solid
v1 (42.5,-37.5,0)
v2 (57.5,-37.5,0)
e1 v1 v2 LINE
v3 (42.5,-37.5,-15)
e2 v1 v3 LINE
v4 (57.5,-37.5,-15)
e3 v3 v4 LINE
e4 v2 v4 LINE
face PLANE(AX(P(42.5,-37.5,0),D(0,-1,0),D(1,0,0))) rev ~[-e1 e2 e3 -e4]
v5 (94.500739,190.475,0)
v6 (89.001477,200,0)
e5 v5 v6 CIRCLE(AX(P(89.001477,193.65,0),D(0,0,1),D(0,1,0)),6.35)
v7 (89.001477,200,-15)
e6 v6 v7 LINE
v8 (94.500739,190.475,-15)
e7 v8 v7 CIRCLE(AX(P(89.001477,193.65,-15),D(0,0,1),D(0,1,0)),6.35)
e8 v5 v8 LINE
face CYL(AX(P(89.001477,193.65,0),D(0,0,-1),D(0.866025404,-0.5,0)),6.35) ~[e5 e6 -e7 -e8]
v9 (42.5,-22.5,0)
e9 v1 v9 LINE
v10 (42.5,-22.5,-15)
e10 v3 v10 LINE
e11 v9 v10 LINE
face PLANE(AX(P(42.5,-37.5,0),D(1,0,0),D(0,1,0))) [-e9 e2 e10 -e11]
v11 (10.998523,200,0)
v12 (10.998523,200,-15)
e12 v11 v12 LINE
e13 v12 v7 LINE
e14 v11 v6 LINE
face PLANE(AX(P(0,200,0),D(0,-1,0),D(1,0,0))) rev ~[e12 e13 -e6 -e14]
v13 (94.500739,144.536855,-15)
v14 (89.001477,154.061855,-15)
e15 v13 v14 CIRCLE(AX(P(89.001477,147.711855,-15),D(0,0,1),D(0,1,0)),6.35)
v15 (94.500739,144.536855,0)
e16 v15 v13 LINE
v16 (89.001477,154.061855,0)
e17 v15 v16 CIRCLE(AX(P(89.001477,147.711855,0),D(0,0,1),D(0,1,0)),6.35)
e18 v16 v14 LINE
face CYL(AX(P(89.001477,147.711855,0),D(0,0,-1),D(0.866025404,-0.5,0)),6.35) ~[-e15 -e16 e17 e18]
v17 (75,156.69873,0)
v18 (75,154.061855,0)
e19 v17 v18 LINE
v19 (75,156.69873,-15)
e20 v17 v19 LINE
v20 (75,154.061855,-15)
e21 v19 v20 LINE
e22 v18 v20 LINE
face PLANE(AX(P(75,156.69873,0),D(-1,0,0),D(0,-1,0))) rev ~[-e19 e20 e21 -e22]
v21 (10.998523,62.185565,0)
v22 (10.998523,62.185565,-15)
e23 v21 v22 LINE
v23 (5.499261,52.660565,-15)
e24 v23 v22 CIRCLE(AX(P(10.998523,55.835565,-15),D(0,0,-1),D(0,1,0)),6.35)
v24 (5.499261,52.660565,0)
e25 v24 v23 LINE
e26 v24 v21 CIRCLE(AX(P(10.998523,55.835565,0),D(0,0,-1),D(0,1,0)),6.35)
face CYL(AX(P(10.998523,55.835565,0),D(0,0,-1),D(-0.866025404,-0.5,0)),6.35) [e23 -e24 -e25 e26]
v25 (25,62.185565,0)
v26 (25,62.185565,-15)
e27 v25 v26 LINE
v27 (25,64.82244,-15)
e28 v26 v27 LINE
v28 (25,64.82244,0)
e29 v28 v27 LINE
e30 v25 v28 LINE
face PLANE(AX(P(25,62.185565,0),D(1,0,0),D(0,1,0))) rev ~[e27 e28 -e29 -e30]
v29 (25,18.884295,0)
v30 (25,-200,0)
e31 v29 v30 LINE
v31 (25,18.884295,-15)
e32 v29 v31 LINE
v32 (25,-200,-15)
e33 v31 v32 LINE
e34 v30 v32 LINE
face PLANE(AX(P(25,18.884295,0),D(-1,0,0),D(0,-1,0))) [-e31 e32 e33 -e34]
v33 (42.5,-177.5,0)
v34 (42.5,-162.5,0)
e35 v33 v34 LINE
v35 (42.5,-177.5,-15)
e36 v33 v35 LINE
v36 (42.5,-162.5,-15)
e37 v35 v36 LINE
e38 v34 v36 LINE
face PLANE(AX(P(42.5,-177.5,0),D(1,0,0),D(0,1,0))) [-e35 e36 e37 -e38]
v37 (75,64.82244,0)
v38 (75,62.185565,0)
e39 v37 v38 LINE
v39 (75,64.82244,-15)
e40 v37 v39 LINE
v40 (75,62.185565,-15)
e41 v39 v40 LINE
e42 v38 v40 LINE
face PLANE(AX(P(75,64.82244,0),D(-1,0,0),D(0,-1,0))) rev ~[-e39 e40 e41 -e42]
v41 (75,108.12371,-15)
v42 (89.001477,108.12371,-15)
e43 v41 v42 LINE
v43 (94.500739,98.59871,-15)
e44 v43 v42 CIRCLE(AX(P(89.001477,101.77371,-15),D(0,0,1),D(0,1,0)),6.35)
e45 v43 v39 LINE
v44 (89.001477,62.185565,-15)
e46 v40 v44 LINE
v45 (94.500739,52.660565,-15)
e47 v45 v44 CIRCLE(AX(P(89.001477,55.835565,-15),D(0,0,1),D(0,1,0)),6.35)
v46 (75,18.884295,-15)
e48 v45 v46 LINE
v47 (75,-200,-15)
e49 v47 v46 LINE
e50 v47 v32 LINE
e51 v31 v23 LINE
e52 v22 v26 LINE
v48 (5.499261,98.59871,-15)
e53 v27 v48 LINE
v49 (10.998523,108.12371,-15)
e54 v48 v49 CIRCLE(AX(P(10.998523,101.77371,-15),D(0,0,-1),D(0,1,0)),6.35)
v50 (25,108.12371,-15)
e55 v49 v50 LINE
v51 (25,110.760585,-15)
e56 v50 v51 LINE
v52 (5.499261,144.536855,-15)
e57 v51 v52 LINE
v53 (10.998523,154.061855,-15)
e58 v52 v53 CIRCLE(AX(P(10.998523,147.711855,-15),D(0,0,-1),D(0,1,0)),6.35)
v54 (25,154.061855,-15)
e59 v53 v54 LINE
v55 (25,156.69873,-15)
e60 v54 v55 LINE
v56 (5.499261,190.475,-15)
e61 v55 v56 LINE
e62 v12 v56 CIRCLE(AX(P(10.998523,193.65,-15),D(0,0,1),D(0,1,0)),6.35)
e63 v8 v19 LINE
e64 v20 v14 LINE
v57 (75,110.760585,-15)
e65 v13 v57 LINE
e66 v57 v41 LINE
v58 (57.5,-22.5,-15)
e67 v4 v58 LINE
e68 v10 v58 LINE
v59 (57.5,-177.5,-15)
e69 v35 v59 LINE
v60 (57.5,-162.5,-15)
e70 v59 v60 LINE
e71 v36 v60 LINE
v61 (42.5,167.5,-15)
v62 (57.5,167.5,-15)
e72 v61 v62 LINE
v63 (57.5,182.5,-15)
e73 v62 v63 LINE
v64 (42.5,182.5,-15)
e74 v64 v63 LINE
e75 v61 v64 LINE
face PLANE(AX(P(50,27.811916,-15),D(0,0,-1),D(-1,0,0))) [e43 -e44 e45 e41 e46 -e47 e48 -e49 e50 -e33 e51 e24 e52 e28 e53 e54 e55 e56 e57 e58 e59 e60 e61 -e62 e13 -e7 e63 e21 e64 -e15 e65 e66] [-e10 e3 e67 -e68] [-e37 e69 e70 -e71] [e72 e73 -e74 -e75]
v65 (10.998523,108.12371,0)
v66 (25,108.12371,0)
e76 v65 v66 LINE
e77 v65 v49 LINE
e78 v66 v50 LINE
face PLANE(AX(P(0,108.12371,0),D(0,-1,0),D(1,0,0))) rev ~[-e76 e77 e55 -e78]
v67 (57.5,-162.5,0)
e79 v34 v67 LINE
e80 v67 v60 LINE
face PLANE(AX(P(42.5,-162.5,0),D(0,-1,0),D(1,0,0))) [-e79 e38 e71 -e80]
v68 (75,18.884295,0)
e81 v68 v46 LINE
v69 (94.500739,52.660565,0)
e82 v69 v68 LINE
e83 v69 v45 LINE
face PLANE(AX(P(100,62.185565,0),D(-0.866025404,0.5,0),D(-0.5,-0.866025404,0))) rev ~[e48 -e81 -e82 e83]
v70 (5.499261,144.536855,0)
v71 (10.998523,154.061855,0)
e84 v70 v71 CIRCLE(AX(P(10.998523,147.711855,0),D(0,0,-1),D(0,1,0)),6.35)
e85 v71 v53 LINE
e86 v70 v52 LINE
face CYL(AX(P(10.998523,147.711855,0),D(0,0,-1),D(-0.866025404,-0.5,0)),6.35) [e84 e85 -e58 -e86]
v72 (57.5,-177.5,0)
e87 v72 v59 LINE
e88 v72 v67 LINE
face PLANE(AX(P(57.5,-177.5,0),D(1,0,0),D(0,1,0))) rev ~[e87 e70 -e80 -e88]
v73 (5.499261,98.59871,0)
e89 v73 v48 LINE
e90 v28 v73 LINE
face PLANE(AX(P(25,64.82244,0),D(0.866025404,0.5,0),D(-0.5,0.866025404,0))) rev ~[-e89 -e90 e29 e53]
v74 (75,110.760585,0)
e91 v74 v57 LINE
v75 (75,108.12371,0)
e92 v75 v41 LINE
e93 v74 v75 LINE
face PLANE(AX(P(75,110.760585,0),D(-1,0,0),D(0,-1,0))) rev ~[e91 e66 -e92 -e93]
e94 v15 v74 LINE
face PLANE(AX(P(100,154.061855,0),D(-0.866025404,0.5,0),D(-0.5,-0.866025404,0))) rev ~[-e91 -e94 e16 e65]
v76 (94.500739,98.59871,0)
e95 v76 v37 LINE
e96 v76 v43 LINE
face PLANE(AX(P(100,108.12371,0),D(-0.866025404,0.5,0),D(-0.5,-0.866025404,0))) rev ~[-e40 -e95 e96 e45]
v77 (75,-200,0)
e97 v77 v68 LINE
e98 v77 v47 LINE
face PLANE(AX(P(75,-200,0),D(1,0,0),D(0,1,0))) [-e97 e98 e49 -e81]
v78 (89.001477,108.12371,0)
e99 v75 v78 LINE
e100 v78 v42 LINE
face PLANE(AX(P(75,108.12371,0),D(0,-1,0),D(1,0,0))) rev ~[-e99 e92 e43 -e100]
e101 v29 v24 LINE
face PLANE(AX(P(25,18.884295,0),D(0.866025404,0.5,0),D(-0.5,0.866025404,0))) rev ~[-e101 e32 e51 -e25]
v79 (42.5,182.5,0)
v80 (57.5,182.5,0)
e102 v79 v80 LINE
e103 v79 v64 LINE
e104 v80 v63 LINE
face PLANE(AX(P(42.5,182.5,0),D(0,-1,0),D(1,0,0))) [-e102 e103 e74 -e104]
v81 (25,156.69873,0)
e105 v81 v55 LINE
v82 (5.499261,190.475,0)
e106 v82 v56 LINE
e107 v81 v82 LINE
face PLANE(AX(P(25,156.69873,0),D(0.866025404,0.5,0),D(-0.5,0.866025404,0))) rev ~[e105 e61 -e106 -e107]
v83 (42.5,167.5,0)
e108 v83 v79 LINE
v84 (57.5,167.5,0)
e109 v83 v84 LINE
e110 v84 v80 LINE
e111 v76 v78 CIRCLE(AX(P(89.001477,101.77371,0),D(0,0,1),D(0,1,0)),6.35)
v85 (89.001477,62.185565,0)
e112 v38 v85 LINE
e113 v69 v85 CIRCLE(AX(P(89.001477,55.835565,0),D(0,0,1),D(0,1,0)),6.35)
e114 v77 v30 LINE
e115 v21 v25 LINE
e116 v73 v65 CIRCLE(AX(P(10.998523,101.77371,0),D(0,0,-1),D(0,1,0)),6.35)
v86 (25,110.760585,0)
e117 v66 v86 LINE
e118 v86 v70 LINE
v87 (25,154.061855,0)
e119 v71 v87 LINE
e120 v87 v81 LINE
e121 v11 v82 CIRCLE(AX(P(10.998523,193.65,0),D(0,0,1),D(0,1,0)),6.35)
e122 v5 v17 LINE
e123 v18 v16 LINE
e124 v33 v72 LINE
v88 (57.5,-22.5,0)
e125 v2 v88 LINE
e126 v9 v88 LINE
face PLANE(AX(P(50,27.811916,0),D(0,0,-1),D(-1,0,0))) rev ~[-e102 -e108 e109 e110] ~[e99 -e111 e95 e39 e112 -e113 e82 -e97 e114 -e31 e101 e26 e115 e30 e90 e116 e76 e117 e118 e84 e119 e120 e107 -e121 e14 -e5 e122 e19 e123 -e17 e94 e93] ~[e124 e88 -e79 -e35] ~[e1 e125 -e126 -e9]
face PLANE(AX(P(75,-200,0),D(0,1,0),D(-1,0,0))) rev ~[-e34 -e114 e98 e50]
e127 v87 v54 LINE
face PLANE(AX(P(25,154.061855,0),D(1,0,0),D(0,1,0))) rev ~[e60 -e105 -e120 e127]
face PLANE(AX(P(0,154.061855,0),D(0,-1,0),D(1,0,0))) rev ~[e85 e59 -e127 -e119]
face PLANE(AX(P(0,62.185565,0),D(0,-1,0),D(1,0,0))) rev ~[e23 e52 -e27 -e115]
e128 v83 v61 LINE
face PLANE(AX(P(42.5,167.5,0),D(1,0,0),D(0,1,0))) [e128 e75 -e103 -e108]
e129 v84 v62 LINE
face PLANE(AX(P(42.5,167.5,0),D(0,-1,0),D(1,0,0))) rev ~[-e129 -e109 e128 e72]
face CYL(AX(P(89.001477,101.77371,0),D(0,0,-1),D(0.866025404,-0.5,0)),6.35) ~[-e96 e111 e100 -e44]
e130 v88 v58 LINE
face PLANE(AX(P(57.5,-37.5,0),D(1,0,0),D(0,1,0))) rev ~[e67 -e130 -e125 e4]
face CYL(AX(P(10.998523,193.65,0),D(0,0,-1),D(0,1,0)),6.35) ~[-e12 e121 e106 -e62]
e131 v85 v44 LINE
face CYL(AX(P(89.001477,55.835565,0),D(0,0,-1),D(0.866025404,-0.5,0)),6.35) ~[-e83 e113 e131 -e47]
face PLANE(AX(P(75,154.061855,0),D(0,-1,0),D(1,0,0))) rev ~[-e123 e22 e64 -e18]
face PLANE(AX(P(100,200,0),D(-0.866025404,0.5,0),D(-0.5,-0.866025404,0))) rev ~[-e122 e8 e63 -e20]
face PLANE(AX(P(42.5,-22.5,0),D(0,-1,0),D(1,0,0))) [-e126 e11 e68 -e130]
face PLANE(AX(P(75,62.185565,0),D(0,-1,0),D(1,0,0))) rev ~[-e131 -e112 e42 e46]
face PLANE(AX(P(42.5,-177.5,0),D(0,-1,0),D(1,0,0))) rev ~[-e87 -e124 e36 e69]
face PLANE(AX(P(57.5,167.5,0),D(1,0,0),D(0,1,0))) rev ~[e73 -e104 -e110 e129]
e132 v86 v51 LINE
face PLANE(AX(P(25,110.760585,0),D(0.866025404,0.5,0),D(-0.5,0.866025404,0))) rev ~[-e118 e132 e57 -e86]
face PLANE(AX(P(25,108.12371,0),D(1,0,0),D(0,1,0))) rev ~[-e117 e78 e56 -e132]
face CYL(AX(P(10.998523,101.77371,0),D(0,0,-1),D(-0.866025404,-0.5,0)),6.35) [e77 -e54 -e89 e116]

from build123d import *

# Parameters (mm, degrees)
SKETCH2_W           = 15
SKETCH2_H           = 15
BOSS_EXTRUDE1_DEPTH = 15
FILLET1_R           = 6.35


with BuildPart() as part:
    # Sketch2 → Boss-Extrude1 (new body)
    with BuildSketch(Plane.XY):
        Polygon((75, 0), (75, -200), (25, -200), (25, 0), (25, 18.884295249), (0, 62.185565438), (25, 62.185565438), (25, 64.822440103), (0, 108.123710292), (25, 108.123710292), (25, 110.760584957), (0, 154.061855146), (25, 154.061855146), (25, 156.698729811), (0, 200), (100, 200), (75, 156.698729811), (75, 154.061855146), (100, 154.061855146), (75, 110.760584957), (75, 108.123710292), (100, 108.123710292), (75, 64.822440103), (75, 62.185565438), (100, 62.185565438), (75, 18.884295249), align=None)
        with Locations((50, -170)):
            Rectangle(SKETCH2_W, SKETCH2_H, mode=Mode.SUBTRACT)
        with Locations((50, -30)):
            Rectangle(SKETCH2_W, SKETCH2_H, mode=Mode.SUBTRACT)
        with Locations((50, 175)):
            Rectangle(SKETCH2_W, SKETCH2_H, mode=Mode.SUBTRACT)
    extrude(amount=-BOSS_EXTRUDE1_DEPTH)

    # Fillet1
    fillet1_edges = [part.edges().sort_by_distance(p)[0] for p in [
        (0, 62.185565438, -7.5),
        (0, 108.123710292, -7.5),
        (0, 154.061855146, -7.5),
        (0, 200, -7.5),
        (100, 200, -7.5),
        (100, 154.061855146, -7.5),
        (100, 108.123710292, -7.5),
        (100, 62.185565438, -7.5),
    ]]
    fillet(fillet1_edges, radius=FILLET1_R)


solid = part.part
